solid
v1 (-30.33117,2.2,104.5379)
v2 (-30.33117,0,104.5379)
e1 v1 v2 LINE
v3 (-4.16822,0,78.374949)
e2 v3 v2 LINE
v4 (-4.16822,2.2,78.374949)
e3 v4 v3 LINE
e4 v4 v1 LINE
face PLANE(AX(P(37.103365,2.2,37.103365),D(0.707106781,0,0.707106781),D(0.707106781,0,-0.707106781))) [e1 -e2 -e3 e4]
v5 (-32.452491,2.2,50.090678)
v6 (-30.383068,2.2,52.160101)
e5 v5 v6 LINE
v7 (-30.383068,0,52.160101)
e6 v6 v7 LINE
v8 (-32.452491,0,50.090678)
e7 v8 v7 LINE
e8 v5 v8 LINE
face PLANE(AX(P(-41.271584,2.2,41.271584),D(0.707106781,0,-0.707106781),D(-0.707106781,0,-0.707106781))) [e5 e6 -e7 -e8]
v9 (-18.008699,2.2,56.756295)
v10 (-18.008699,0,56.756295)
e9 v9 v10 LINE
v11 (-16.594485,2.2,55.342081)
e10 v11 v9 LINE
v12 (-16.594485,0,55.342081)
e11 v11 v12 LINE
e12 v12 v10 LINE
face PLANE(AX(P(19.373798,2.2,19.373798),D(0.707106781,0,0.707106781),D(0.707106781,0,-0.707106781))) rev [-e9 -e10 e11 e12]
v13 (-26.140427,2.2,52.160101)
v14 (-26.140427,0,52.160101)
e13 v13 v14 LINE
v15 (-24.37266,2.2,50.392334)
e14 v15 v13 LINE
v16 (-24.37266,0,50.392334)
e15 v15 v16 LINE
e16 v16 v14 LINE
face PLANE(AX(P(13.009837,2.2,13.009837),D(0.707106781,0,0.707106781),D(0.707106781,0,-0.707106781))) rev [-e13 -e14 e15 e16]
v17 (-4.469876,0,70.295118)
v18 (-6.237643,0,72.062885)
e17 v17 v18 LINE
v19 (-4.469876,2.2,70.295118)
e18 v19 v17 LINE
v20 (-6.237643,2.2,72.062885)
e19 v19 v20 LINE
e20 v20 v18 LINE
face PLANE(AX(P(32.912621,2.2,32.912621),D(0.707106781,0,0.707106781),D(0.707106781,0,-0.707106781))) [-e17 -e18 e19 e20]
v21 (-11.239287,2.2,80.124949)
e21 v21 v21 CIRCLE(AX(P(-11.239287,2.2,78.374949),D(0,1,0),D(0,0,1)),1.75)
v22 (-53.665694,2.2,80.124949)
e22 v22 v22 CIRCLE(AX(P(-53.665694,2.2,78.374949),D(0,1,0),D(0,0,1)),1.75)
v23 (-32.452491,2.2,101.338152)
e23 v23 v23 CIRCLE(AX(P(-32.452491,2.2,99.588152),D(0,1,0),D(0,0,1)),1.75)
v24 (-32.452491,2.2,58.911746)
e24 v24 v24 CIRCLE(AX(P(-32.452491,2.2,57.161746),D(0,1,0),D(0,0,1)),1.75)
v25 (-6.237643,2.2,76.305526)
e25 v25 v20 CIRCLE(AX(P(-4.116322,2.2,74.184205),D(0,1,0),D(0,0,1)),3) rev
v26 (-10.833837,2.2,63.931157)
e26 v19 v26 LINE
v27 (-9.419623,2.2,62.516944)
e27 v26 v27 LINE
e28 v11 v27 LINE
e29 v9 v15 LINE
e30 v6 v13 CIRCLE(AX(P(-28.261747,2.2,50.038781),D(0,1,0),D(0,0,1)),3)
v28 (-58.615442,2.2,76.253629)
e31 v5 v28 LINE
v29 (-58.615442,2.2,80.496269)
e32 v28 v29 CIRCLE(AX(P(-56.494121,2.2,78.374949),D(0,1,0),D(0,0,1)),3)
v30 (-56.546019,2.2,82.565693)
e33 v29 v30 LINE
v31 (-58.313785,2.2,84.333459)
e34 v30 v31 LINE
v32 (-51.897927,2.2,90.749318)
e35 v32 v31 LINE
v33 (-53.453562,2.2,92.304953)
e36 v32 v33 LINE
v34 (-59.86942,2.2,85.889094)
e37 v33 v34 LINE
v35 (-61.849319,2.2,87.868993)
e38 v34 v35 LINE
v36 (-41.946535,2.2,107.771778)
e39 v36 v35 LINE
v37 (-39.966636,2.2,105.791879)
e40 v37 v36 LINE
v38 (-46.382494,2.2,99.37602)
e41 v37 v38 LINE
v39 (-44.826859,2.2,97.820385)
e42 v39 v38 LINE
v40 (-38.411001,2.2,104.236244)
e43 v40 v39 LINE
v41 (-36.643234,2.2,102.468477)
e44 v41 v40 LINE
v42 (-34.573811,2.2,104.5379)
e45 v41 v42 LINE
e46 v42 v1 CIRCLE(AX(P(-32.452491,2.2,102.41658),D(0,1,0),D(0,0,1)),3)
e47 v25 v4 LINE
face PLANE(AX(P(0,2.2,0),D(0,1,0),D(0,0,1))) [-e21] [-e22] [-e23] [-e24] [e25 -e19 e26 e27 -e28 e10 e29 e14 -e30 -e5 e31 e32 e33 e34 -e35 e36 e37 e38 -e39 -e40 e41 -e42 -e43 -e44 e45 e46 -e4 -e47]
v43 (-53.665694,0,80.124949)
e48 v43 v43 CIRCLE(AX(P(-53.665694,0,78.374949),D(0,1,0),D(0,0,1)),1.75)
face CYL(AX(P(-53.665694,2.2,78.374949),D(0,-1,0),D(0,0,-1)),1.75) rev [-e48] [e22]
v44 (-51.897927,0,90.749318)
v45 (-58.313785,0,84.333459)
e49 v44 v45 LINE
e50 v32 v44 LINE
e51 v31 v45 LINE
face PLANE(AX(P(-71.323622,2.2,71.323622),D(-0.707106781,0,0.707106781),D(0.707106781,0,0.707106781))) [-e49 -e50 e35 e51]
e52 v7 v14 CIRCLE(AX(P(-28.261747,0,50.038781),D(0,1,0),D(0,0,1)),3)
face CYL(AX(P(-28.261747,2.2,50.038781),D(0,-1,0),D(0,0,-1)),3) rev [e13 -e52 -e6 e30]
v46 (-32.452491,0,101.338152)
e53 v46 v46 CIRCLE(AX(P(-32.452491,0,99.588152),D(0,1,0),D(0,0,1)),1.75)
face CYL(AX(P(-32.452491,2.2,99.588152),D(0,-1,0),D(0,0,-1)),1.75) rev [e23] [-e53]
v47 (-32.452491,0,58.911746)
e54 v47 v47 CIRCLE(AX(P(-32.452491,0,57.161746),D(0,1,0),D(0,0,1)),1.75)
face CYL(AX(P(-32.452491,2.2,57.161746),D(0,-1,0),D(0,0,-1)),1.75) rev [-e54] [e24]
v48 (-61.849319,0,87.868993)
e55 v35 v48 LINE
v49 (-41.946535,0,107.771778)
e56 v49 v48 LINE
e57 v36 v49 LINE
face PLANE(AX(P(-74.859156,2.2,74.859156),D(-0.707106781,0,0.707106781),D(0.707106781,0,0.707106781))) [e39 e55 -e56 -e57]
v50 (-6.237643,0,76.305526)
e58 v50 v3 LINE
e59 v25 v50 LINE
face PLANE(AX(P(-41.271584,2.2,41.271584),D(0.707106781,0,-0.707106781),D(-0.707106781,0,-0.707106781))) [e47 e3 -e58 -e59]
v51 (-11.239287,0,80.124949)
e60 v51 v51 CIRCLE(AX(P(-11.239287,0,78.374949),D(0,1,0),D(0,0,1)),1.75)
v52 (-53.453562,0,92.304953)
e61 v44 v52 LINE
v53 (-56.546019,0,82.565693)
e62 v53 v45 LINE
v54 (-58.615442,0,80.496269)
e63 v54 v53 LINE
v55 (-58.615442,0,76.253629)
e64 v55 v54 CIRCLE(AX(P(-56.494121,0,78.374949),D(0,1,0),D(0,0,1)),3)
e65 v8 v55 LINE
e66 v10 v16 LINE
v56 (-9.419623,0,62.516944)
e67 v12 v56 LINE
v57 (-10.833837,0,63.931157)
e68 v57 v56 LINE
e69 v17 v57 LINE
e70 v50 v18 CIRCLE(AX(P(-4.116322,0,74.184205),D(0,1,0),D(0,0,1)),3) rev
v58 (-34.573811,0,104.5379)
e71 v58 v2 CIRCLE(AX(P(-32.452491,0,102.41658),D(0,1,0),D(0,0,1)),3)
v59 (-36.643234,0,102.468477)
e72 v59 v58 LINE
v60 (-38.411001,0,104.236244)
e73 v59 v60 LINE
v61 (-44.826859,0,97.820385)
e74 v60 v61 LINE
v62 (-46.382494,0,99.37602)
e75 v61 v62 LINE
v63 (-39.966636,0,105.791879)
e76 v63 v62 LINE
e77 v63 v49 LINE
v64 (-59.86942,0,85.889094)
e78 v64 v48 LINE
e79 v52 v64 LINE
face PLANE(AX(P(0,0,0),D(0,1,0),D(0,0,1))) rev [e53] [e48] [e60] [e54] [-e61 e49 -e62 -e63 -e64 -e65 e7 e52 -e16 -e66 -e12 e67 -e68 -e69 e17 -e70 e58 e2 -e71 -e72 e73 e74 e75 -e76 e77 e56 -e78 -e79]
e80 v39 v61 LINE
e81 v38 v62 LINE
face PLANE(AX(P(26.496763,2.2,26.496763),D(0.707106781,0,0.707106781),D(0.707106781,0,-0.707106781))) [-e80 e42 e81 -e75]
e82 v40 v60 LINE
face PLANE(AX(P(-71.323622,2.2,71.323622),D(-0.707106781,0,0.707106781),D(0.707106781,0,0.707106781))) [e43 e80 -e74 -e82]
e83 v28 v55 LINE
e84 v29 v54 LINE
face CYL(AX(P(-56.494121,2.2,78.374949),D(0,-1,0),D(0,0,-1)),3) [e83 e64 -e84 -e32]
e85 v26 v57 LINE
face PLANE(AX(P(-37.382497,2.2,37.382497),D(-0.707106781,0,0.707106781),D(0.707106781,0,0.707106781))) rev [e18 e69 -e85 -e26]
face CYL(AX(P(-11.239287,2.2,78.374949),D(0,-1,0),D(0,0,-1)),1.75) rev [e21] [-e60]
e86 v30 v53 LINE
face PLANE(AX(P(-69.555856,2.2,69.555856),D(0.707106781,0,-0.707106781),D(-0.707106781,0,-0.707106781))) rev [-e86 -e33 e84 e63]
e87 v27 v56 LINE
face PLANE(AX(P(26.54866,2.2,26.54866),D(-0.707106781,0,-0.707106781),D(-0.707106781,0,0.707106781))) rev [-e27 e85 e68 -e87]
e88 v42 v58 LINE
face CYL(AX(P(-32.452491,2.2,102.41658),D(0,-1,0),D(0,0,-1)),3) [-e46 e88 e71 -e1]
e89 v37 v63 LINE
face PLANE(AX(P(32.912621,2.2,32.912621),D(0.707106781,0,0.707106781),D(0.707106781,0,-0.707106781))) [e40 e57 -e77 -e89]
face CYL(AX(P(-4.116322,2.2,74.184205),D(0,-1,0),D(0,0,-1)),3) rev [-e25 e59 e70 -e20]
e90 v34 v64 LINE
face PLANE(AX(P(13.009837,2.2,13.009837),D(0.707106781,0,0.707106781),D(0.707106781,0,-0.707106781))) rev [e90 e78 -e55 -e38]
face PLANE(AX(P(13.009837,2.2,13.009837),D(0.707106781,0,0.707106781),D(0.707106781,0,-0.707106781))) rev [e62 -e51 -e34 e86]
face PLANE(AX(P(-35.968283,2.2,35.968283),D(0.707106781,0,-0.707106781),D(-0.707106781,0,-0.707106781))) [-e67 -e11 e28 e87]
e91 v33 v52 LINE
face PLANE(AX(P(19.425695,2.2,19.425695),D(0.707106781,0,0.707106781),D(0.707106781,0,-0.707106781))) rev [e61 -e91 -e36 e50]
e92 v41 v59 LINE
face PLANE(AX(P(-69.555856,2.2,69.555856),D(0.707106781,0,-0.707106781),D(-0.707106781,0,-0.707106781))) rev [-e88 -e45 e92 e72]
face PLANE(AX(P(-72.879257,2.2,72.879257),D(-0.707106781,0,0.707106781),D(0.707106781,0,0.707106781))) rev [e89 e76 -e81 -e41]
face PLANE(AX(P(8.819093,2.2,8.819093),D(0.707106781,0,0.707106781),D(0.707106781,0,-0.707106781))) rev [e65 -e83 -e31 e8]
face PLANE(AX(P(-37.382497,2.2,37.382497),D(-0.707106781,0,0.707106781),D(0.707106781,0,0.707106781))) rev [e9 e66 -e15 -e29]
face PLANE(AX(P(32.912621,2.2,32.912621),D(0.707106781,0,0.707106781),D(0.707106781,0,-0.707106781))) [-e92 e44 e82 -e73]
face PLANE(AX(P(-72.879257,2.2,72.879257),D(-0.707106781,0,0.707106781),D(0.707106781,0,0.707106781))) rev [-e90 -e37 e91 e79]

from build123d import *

# Parameters (mm, degrees)
SKETCH1_R           = 1.75
BOSS_EXTRUDE1_DEPTH = 2.2


with BuildPart() as part:
    # Sketch1 → Boss-Extrude1 (new body)
    with BuildSketch(Plane(origin=(0, 0, 0), x_dir=(1, 0, 0), z_dir=(0, 1, 0))):
        with BuildLine():
            Line((-32.452490814, -50.090677738), (-34.898824615, -52.53701154))
            Line((-34.898824615, -52.53701154), (-58.615441718, -76.253628642))
            ThreePointArc((-58.615441718, -76.253628642), (-59.494121374, -78.374948986), (-58.615441718, -80.496269329))
            Line((-58.615441718, -80.496269329), (-56.546018533, -82.565692514))
            Line((-56.546018533, -82.565692514), (-58.313785486, -84.333459467))
            Line((-58.313785486, -84.333459467), (-51.897927296, -90.749317656))
            Line((-51.897927296, -90.749317656), (-53.453562215, -92.304952575))
            Line((-53.453562215, -92.304952575), (-59.869420404, -85.889094386))
            Line((-59.869420404, -85.889094386), (-61.849319392, -87.868993373))
            Line((-61.849319392, -87.868993373), (-55.433461202, -94.284851562))
            Line((-55.433461202, -94.284851562), (-48.36239339, -101.355919374))
            Line((-48.36239339, -101.355919374), (-41.946535201, -107.771777564))
            Line((-41.946535201, -107.771777564), (-39.966636214, -105.791878576))
            Line((-39.966636214, -105.791878576), (-46.382494403, -99.376020387))
            Line((-46.382494403, -99.376020387), (-44.826859485, -97.820385468))
            Line((-44.826859485, -97.820385468), (-38.411001295, -104.236243658))
            Line((-38.411001295, -104.236243658), (-36.643234342, -102.468476705))
            Line((-36.643234342, -102.468476705), (-34.573811157, -104.53789989))
            ThreePointArc((-34.573811157, -104.53789989), (-32.452490814, -105.416579546), (-30.33117047, -104.53789989))
            Line((-30.33117047, -104.53789989), (-6.614553368, -80.821282787))
            Line((-6.614553368, -80.821282787), (-4.168219566, -78.374948986))
            Line((-4.168219566, -78.374948986), (-6.237642751, -76.305525801))
            ThreePointArc((-6.237642751, -76.305525801), (-7.116322408, -74.184205457), (-6.237642751, -72.062885114))
            Line((-6.237642751, -72.062885114), (-4.469875798, -70.295118161))
            Line((-4.469875798, -70.295118161), (-10.833836829, -63.93115713))
            Line((-10.833836829, -63.93115713), (-9.419623267, -62.516943568))
            Line((-9.419623267, -62.516943568), (-16.594485396, -55.342081438))
            Line((-16.594485396, -55.342081438), (-18.008698958, -56.756295001))
            Line((-18.008698958, -56.756295001), (-24.372659989, -50.39233397))
            Line((-24.372659989, -50.39233397), (-26.140426942, -52.160100923))
            ThreePointArc((-26.140426942, -52.160100923), (-28.261747285, -53.03878058), (-30.383067629, -52.160100923))
            Line((-30.383067629, -52.160100923), (-32.452490814, -50.090677738))
        make_face()
        with Locations(Location((-32.452490814, -99.588152421, 0), (0, 0, 270))):
            Circle(SKETCH1_R, mode=Mode.SUBTRACT)
        with Locations(Location((-53.665694249, -78.374948986, 0), (0, 0, 270))):
            Circle(SKETCH1_R, mode=Mode.SUBTRACT)
        with Locations(Location((-11.239287378, -78.374948986, 0), (0, 0, 270))):
            Circle(SKETCH1_R, mode=Mode.SUBTRACT)
        with Locations(Location((-32.452490814, -57.16174555, 0), (0, 0, 270))):
            Circle(SKETCH1_R, mode=Mode.SUBTRACT)
    extrude(amount=BOSS_EXTRUDE1_DEPTH)


solid = part.part
